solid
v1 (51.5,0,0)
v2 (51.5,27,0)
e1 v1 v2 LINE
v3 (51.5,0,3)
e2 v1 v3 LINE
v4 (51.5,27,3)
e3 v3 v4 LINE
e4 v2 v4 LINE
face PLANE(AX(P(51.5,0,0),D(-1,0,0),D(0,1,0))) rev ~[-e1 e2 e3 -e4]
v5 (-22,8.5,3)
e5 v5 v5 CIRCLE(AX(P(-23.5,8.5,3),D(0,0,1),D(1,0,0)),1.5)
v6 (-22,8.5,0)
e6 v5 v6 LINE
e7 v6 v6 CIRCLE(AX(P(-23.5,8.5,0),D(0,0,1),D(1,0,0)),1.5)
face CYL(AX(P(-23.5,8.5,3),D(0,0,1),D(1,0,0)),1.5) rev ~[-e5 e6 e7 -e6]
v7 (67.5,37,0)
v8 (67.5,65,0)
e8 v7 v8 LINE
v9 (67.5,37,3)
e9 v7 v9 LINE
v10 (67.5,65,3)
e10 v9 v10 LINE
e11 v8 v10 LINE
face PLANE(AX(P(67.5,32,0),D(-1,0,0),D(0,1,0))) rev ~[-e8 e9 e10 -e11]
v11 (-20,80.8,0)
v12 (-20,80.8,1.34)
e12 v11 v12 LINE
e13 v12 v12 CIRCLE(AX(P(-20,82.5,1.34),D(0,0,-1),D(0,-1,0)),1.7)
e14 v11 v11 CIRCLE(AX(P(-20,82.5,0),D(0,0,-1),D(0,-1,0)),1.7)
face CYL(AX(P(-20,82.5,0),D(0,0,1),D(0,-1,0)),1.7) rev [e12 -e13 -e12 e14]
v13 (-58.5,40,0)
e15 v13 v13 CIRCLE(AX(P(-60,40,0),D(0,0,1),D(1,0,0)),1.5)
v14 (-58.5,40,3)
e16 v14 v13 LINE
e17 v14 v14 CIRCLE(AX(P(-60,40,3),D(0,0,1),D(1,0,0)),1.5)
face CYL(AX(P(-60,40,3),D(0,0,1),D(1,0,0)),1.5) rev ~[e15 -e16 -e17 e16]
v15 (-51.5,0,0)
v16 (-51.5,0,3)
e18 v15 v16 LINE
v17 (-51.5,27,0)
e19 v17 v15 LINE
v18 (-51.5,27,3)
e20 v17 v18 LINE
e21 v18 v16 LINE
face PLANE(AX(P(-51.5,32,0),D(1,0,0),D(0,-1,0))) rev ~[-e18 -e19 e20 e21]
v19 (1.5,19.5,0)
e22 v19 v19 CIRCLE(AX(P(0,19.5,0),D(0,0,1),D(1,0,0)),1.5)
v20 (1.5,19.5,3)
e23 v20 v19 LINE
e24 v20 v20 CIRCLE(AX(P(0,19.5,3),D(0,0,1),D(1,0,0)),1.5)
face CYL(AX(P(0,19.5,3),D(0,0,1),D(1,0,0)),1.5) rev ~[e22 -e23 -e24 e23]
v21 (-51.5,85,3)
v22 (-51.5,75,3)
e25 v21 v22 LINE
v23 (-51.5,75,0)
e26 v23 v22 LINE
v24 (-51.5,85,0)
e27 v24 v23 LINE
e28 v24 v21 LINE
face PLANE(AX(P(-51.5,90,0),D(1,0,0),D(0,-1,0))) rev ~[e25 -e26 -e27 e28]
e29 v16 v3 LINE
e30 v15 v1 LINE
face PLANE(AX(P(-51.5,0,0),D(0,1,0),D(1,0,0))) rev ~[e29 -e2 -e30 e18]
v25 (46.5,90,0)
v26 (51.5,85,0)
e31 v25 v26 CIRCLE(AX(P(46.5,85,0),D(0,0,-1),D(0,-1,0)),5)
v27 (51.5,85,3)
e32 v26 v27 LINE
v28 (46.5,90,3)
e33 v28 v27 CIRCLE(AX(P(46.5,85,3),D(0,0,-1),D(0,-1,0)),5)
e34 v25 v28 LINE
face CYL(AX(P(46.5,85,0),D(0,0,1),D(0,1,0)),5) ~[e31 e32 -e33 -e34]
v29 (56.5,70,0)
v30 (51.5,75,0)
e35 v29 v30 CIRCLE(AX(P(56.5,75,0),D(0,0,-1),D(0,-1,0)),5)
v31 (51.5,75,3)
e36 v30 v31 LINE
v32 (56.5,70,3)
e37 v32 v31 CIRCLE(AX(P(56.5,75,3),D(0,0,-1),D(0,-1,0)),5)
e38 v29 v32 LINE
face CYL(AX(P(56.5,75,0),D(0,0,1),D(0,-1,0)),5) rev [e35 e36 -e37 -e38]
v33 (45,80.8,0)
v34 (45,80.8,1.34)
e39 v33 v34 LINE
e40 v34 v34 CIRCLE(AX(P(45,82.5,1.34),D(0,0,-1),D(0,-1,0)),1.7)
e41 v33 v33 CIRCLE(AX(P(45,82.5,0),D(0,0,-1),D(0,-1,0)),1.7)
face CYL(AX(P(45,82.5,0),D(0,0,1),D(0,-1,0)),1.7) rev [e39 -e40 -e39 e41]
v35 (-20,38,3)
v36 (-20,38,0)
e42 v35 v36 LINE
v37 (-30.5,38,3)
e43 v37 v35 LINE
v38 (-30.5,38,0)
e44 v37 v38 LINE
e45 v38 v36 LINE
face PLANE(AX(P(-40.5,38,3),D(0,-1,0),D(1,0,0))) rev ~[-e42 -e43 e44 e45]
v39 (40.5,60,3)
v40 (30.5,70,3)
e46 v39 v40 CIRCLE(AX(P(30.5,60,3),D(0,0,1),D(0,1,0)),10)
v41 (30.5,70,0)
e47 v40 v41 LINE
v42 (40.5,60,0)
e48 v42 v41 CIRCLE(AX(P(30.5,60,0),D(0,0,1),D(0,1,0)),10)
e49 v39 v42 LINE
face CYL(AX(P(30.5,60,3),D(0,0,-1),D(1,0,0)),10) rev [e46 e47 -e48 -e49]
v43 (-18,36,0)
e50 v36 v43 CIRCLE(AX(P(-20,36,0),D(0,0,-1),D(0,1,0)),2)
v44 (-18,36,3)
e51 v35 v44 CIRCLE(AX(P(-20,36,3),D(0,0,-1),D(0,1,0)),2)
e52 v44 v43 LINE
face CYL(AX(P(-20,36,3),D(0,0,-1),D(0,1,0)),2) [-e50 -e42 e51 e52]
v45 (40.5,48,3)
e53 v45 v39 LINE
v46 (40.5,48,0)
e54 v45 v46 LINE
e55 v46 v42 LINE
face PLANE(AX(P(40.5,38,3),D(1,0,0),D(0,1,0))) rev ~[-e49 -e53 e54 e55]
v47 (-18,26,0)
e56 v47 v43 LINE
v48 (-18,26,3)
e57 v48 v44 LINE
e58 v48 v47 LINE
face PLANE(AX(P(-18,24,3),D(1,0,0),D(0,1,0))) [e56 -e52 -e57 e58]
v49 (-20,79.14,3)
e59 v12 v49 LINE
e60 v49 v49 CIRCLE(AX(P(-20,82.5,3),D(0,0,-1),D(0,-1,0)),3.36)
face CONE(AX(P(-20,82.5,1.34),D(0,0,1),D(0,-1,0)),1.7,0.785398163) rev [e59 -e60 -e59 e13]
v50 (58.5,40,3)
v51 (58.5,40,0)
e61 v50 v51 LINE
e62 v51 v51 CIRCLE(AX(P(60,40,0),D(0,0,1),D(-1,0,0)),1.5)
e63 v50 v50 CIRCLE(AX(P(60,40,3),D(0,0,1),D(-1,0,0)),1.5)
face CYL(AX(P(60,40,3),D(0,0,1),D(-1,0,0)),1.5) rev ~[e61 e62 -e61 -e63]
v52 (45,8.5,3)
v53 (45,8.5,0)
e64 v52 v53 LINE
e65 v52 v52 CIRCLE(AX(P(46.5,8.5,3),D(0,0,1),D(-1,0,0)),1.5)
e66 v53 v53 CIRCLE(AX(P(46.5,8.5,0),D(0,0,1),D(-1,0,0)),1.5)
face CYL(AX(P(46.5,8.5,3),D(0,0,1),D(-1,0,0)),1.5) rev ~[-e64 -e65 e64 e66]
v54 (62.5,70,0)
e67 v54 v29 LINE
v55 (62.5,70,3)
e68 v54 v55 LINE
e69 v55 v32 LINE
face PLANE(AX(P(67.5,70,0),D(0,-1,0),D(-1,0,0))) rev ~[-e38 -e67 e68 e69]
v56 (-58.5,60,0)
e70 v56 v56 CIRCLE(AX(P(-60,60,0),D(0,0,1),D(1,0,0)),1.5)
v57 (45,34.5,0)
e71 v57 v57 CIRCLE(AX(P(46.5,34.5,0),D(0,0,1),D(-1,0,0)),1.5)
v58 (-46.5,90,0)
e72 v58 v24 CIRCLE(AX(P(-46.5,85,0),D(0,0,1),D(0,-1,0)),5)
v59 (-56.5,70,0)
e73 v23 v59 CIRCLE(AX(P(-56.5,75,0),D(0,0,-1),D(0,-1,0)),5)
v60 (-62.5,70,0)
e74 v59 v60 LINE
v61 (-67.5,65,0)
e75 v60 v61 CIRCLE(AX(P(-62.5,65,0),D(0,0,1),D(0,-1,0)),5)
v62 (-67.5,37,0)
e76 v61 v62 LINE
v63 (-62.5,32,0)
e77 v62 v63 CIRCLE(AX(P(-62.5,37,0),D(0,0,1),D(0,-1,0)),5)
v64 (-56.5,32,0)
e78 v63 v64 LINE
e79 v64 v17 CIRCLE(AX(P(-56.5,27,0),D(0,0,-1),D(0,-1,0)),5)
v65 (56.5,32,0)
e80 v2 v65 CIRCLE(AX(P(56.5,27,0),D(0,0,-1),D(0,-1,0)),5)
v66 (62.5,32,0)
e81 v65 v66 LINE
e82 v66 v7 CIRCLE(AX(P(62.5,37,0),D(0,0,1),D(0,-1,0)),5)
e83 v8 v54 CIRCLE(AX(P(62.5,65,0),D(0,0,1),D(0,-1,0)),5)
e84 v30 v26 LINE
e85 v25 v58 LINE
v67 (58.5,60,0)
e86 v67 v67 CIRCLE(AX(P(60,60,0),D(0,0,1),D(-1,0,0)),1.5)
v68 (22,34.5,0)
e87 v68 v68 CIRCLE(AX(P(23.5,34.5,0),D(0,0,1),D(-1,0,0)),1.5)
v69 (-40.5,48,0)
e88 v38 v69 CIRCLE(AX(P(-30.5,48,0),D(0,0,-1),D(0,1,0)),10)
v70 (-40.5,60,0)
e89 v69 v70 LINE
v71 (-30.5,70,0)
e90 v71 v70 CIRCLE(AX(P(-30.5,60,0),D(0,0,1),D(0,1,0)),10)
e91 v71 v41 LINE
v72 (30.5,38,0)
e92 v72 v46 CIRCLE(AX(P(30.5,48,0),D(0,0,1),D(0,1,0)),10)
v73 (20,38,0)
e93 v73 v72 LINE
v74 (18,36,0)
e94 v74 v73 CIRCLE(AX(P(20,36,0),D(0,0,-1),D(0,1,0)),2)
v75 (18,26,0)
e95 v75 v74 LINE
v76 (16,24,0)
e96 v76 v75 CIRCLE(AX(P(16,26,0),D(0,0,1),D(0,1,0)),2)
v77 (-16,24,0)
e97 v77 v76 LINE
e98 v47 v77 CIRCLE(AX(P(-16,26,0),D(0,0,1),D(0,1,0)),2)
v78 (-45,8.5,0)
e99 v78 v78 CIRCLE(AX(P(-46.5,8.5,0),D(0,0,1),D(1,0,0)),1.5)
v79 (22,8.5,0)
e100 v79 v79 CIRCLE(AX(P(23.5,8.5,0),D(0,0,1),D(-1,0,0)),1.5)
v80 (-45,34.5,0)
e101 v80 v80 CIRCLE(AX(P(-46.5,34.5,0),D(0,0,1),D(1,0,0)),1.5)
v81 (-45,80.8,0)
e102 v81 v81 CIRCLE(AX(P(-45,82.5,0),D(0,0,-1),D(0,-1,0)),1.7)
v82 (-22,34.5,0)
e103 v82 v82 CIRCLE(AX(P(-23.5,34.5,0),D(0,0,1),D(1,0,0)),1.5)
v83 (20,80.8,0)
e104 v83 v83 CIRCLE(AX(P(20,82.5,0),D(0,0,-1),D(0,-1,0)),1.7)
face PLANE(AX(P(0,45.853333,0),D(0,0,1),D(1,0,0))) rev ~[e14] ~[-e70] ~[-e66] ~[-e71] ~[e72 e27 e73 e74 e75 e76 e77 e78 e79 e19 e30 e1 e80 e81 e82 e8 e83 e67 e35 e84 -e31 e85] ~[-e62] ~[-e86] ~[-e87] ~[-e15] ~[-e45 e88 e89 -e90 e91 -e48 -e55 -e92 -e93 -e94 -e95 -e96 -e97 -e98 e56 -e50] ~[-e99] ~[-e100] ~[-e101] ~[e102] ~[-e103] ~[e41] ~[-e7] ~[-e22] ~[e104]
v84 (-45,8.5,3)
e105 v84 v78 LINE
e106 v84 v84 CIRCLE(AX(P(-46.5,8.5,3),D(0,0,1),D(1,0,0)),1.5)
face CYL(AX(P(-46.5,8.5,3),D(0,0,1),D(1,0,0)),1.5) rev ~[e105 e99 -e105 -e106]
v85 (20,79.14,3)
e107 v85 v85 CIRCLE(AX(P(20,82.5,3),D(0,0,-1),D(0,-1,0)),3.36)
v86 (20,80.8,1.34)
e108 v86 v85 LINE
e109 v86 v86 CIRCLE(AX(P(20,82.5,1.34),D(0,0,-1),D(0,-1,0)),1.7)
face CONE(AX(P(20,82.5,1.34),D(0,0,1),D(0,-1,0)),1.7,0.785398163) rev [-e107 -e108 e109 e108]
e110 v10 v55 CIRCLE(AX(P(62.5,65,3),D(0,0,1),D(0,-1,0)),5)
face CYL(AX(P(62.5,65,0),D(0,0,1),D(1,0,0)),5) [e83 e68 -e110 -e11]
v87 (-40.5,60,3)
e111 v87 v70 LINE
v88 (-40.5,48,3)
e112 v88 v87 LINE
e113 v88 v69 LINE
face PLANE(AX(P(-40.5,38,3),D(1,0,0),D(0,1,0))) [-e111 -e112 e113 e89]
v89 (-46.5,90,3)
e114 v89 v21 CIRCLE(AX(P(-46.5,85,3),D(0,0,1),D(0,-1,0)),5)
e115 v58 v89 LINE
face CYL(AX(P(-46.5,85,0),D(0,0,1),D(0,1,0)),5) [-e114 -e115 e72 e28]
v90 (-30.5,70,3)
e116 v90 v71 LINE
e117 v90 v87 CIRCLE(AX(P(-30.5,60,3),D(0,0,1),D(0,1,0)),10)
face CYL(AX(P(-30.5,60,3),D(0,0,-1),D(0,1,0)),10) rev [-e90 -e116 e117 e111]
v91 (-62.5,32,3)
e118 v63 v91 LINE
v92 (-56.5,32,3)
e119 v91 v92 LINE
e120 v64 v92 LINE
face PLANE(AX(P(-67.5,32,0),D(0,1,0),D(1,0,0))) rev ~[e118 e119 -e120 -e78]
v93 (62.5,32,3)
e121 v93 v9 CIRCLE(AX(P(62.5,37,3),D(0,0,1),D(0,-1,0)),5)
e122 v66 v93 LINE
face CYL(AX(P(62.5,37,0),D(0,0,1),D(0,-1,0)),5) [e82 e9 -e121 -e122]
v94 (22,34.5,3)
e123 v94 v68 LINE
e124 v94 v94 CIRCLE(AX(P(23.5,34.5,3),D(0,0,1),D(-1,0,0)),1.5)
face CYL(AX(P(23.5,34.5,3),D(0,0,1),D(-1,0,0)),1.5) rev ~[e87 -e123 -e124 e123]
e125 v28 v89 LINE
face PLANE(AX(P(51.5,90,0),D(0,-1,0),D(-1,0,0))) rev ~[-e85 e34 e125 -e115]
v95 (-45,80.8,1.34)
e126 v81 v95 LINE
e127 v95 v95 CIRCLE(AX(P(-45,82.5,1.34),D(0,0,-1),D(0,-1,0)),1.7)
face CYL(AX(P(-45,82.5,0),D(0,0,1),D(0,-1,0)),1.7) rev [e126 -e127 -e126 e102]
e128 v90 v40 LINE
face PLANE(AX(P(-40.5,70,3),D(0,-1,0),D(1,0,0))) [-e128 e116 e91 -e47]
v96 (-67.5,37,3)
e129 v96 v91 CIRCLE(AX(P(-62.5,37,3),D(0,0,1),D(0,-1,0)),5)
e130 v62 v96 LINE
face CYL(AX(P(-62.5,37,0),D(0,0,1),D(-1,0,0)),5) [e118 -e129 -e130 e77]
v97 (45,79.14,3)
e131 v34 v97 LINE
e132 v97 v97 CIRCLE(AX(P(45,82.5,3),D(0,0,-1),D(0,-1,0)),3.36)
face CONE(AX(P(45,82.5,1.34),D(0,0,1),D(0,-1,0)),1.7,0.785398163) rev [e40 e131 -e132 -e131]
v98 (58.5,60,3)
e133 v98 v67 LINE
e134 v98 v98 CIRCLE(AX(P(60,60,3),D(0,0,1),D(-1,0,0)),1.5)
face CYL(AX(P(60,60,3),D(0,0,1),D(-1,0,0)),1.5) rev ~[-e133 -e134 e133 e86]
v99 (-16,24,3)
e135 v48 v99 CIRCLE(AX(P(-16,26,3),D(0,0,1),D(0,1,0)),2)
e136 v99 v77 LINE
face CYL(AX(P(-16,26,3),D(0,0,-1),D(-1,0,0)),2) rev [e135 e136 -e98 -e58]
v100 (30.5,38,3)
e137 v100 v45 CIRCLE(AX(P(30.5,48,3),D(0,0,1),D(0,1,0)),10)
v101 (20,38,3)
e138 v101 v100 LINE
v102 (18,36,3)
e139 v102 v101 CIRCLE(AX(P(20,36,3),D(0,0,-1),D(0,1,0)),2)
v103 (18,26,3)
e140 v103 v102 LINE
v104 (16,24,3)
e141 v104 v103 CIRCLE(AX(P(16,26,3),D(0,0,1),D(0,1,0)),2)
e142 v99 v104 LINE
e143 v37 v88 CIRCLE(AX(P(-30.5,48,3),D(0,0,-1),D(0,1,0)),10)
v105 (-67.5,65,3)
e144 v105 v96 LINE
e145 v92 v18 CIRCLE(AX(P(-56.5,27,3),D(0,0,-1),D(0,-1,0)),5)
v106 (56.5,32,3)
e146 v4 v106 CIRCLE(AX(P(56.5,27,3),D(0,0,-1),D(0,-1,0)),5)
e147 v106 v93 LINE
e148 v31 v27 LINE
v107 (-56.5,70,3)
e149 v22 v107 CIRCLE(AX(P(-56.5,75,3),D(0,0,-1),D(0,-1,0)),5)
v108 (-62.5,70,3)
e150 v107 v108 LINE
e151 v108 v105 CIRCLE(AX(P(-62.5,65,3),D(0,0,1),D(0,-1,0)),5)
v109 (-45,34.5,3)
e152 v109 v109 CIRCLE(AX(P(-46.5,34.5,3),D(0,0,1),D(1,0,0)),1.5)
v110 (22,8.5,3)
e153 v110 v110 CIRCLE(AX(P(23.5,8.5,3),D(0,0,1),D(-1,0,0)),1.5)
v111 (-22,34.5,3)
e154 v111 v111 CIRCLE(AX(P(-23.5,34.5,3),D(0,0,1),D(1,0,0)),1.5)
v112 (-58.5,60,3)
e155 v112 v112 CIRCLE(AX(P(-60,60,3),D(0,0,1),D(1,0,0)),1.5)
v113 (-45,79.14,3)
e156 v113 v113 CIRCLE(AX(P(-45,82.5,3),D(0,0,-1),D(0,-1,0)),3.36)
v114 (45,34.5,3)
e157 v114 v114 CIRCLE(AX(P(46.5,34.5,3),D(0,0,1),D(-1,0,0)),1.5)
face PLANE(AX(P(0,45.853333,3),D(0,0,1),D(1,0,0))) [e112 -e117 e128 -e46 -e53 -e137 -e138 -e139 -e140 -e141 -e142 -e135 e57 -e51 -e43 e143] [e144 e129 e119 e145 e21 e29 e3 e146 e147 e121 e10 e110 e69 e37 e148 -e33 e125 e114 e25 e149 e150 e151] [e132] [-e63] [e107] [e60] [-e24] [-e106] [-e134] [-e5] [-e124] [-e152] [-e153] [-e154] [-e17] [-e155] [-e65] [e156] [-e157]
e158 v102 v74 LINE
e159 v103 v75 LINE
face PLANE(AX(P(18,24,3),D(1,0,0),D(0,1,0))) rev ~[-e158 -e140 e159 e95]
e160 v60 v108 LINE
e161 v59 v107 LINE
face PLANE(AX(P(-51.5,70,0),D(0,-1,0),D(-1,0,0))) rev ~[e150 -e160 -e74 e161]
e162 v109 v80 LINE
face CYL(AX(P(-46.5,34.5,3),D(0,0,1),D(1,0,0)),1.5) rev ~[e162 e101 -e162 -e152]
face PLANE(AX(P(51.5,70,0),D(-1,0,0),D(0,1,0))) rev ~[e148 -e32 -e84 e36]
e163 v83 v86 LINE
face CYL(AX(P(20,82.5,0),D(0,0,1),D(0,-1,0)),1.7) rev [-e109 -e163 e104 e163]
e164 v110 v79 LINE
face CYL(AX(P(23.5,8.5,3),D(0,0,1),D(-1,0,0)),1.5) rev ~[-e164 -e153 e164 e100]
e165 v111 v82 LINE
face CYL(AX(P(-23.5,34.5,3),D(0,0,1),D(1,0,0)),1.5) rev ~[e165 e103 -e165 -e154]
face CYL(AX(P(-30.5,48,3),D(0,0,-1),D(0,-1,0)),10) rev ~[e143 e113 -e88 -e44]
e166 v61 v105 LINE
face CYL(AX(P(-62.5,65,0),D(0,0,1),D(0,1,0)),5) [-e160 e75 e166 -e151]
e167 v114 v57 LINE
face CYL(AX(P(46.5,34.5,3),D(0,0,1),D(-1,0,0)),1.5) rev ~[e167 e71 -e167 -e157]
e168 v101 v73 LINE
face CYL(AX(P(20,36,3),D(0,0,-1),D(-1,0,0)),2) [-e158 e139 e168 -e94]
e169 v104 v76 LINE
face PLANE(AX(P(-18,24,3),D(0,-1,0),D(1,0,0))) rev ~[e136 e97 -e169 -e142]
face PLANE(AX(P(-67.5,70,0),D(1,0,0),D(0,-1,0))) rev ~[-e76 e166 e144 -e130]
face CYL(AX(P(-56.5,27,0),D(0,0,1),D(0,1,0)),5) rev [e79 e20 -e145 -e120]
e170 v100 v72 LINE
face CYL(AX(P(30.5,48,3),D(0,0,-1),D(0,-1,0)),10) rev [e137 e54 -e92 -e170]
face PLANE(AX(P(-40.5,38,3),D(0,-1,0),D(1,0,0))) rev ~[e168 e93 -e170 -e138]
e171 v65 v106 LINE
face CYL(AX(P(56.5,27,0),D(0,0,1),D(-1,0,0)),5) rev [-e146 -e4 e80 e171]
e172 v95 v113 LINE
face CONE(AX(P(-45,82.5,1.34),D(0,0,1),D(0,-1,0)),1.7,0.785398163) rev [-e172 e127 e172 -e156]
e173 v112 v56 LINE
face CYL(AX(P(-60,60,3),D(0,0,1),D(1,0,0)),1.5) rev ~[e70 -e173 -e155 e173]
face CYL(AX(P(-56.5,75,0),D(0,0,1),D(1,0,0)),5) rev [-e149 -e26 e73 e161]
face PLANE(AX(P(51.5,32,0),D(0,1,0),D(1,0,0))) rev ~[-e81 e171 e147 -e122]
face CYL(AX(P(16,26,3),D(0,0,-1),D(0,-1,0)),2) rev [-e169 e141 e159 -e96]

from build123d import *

# Parameters (mm, degrees)
EXTRUDE_1_DEPTH             = 3
FILLET_1_R                  = 5
SKETCH_2_R                  = 1.5
CUT_EXTRUDE_1_DEPTH         = 113.539992891
SKETCH_4_R                  = 1.5
CUT_EXTRUDE_2_DEPTH         = 113.539992891
SKETCH_6_R                  = 1.5
CUT_EXTRUDE_3_DEPTH         = 113.539992891
SKETCH_7_W                  = 81
SKETCH_7_H                  = 32
CUT_EXTRUDE_4_DEPTH         = 113.539992891
FILLET_2_R                  = 10
SKETCH_8_W                  = 36
SKETCH_8_H                  = 14
CUT_EXTRUDE_5_DEPTH         = 113.539992891
FILLET_3_R                  = 2
HOLE_WIZARD_M3_1_AT_2_COUNT = 2
HOLE_WIZARD_M3_1_AT_2_PITCH = 25
HOLE_WIZARD_M3_1_AT_3_COUNT = 2
HOLE_WIZARD_M3_1_AT_3_PITCH = 65
HOLE_WIZARD_M3_1_AT_4_COUNT = 2
HOLE_WIZARD_M3_1_AT_4_PITCH = 90


with BuildPart() as part:
    # 草图1 → 凸台-拉伸1 (new body)
    with BuildSketch(Plane.XY):
        Polygon((51.5, 90), (-51.5, 90), (-51.5, 70), (-67.5, 70), (-67.5, 32), (-51.5, 32), (-51.5, 0), (51.5, 0), (51.5, 32), (67.5, 32), (67.5, 70), (51.5, 70), align=None)
    extrude(amount=EXTRUDE_1_DEPTH)

    # 圆角1
    fillet_1_edges = [part.edges().sort_by_distance(p)[0] for p in [
        (-51.5, 70, 1.5),
        (-51.5, 90, 1.5),
        (51.5, 90, 1.5),
        (51.5, 70, 1.5),
        (67.5, 70, 1.5),
        (67.5, 32, 1.5),
        (51.5, 32, 1.5),
        (-51.5, 32, 1.5),
        (-67.5, 32, 1.5),
        (-67.5, 70, 1.5),
    ]]
    fillet(fillet_1_edges, radius=FILLET_1_R)

    # 草图2 → 切除-拉伸1 (cut, through all)
    with BuildSketch(Plane.XY.offset(3)):
        with Locations((-45, 82.5)):
            Circle(SKETCH_2_R)
        with Locations(Location((45, 82.5, 0), (0, 0, 180))):
            Circle(SKETCH_2_R)
        with Locations((-20, 82.5)):
            Circle(SKETCH_2_R)
        with Locations(Location((20, 82.5, 0), (0, 0, 180))):
            Circle(SKETCH_2_R)
        with Locations((-60, 60)):
            Circle(SKETCH_2_R)
        with Locations(Location((60, 60, 0), (0, 0, 180))):
            Circle(SKETCH_2_R)
        with Locations((-60, 40)):
            Circle(SKETCH_2_R)
        with Locations(Location((60, 40, 0), (0, 0, 180))):
            Circle(SKETCH_2_R)
    extrude(amount=-CUT_EXTRUDE_1_DEPTH, mode=Mode.SUBTRACT)

    # 草图4 → 切除-拉伸2 (cut, through all)
    with BuildSketch(Plane.XY.offset(3)):
        with Locations((-46.5, 34.5)):
            Circle(SKETCH_4_R)
        with Locations((-23.5, 34.5)):
            Circle(SKETCH_4_R)
        with Locations((-23.5, 8.5)):
            Circle(SKETCH_4_R)
        with Locations((-46.5, 8.5)):
            Circle(SKETCH_4_R)
        with Locations(Location((46.5, 8.5, 0), (0, 0, 180))):
            Circle(SKETCH_4_R)
        with Locations(Location((23.5, 8.5, 0), (0, 0, 180))):
            Circle(SKETCH_4_R)
        with Locations(Location((23.5, 34.5, 0), (0, 0, 180))):
            Circle(SKETCH_4_R)
        with Locations(Location((46.5, 34.5, 0), (0, 0, 180))):
            Circle(SKETCH_4_R)
    extrude(amount=-CUT_EXTRUDE_2_DEPTH, mode=Mode.SUBTRACT)

    # 草图6 → 切除-拉伸3 (cut, through all)
    with BuildSketch(Plane.XY.offset(3)):
        with Locations((0, 19.5)):
            Circle(SKETCH_6_R)
    extrude(amount=-CUT_EXTRUDE_3_DEPTH, mode=Mode.SUBTRACT)

    # 草图7 → 切除-拉伸4 (cut, through all)
    with BuildSketch(Plane.XY.offset(3)):
        with Locations((0, 54)):
            Rectangle(SKETCH_7_W, SKETCH_7_H)
    extrude(amount=-CUT_EXTRUDE_4_DEPTH, mode=Mode.SUBTRACT)

    # 圆角2
    fillet_2_edges = [part.edges().sort_by_distance(p)[0] for p in [
        (40.5, 70, 1.5),
        (40.5, 38, 1.5),
        (-40.5, 38, 1.5),
        (-40.5, 70, 1.5),
    ]]
    fillet(fillet_2_edges, radius=FILLET_2_R)

    # 草图8 → 切除-拉伸5 (cut, through all)
    with BuildSketch(Plane.XY.offset(3)):
        with Locations((0, 31)):
            Rectangle(SKETCH_8_W, SKETCH_8_H)
    extrude(amount=-CUT_EXTRUDE_5_DEPTH, mode=Mode.SUBTRACT)

    # 圆角3
    fillet_3_edges = [part.edges().sort_by_distance(p)[0] for p in [
        (-18, 24, 1.5),
        (-18, 38, 1.5),
        (18, 38, 1.5),
        (18, 24, 1.5),
    ]]
    fillet(fillet_3_edges, radius=FILLET_3_R)

    # 草图9 → M3 六角凹锥坑螺钉的锥形沉头孔1 (revolve, cut)
    with BuildSketch(Plane(origin=(-45, 82.5, 3), x_dir=(0, -1, 0), z_dir=(1, 0, 0))):
        Polygon((0, 0), (0, 3), (1.7, 3), (1.7, 1.66), (3.36, 0), align=None)
    hole_wizard_m3_1 = revolve(axis=Axis((-45, 82.5, 9.35), (0, 0, -1)), mode=Mode.SUBTRACT)

    # M3 六角凹锥坑螺钉的锥形沉头孔1 at 2: M3 六角凹锥坑螺钉的锥形沉头孔1 ×2
    with Locations(*[(i * HOLE_WIZARD_M3_1_AT_2_PITCH, 0, 0) for i in range(1, HOLE_WIZARD_M3_1_AT_2_COUNT)]):
        add(hole_wizard_m3_1, mode=Mode.SUBTRACT)

    # M3 六角凹锥坑螺钉的锥形沉头孔1 at 3: M3 六角凹锥坑螺钉的锥形沉头孔1 ×2
    with Locations(*[(i * HOLE_WIZARD_M3_1_AT_3_PITCH, 0, 0) for i in range(1, HOLE_WIZARD_M3_1_AT_3_COUNT)]):
        add(hole_wizard_m3_1, mode=Mode.SUBTRACT)

    # M3 六角凹锥坑螺钉的锥形沉头孔1 at 4: M3 六角凹锥坑螺钉的锥形沉头孔1 ×2
    with Locations(*[(i * HOLE_WIZARD_M3_1_AT_4_PITCH, 0, 0) for i in range(1, HOLE_WIZARD_M3_1_AT_4_COUNT)]):
        add(hole_wizard_m3_1, mode=Mode.SUBTRACT)


solid = part.part
